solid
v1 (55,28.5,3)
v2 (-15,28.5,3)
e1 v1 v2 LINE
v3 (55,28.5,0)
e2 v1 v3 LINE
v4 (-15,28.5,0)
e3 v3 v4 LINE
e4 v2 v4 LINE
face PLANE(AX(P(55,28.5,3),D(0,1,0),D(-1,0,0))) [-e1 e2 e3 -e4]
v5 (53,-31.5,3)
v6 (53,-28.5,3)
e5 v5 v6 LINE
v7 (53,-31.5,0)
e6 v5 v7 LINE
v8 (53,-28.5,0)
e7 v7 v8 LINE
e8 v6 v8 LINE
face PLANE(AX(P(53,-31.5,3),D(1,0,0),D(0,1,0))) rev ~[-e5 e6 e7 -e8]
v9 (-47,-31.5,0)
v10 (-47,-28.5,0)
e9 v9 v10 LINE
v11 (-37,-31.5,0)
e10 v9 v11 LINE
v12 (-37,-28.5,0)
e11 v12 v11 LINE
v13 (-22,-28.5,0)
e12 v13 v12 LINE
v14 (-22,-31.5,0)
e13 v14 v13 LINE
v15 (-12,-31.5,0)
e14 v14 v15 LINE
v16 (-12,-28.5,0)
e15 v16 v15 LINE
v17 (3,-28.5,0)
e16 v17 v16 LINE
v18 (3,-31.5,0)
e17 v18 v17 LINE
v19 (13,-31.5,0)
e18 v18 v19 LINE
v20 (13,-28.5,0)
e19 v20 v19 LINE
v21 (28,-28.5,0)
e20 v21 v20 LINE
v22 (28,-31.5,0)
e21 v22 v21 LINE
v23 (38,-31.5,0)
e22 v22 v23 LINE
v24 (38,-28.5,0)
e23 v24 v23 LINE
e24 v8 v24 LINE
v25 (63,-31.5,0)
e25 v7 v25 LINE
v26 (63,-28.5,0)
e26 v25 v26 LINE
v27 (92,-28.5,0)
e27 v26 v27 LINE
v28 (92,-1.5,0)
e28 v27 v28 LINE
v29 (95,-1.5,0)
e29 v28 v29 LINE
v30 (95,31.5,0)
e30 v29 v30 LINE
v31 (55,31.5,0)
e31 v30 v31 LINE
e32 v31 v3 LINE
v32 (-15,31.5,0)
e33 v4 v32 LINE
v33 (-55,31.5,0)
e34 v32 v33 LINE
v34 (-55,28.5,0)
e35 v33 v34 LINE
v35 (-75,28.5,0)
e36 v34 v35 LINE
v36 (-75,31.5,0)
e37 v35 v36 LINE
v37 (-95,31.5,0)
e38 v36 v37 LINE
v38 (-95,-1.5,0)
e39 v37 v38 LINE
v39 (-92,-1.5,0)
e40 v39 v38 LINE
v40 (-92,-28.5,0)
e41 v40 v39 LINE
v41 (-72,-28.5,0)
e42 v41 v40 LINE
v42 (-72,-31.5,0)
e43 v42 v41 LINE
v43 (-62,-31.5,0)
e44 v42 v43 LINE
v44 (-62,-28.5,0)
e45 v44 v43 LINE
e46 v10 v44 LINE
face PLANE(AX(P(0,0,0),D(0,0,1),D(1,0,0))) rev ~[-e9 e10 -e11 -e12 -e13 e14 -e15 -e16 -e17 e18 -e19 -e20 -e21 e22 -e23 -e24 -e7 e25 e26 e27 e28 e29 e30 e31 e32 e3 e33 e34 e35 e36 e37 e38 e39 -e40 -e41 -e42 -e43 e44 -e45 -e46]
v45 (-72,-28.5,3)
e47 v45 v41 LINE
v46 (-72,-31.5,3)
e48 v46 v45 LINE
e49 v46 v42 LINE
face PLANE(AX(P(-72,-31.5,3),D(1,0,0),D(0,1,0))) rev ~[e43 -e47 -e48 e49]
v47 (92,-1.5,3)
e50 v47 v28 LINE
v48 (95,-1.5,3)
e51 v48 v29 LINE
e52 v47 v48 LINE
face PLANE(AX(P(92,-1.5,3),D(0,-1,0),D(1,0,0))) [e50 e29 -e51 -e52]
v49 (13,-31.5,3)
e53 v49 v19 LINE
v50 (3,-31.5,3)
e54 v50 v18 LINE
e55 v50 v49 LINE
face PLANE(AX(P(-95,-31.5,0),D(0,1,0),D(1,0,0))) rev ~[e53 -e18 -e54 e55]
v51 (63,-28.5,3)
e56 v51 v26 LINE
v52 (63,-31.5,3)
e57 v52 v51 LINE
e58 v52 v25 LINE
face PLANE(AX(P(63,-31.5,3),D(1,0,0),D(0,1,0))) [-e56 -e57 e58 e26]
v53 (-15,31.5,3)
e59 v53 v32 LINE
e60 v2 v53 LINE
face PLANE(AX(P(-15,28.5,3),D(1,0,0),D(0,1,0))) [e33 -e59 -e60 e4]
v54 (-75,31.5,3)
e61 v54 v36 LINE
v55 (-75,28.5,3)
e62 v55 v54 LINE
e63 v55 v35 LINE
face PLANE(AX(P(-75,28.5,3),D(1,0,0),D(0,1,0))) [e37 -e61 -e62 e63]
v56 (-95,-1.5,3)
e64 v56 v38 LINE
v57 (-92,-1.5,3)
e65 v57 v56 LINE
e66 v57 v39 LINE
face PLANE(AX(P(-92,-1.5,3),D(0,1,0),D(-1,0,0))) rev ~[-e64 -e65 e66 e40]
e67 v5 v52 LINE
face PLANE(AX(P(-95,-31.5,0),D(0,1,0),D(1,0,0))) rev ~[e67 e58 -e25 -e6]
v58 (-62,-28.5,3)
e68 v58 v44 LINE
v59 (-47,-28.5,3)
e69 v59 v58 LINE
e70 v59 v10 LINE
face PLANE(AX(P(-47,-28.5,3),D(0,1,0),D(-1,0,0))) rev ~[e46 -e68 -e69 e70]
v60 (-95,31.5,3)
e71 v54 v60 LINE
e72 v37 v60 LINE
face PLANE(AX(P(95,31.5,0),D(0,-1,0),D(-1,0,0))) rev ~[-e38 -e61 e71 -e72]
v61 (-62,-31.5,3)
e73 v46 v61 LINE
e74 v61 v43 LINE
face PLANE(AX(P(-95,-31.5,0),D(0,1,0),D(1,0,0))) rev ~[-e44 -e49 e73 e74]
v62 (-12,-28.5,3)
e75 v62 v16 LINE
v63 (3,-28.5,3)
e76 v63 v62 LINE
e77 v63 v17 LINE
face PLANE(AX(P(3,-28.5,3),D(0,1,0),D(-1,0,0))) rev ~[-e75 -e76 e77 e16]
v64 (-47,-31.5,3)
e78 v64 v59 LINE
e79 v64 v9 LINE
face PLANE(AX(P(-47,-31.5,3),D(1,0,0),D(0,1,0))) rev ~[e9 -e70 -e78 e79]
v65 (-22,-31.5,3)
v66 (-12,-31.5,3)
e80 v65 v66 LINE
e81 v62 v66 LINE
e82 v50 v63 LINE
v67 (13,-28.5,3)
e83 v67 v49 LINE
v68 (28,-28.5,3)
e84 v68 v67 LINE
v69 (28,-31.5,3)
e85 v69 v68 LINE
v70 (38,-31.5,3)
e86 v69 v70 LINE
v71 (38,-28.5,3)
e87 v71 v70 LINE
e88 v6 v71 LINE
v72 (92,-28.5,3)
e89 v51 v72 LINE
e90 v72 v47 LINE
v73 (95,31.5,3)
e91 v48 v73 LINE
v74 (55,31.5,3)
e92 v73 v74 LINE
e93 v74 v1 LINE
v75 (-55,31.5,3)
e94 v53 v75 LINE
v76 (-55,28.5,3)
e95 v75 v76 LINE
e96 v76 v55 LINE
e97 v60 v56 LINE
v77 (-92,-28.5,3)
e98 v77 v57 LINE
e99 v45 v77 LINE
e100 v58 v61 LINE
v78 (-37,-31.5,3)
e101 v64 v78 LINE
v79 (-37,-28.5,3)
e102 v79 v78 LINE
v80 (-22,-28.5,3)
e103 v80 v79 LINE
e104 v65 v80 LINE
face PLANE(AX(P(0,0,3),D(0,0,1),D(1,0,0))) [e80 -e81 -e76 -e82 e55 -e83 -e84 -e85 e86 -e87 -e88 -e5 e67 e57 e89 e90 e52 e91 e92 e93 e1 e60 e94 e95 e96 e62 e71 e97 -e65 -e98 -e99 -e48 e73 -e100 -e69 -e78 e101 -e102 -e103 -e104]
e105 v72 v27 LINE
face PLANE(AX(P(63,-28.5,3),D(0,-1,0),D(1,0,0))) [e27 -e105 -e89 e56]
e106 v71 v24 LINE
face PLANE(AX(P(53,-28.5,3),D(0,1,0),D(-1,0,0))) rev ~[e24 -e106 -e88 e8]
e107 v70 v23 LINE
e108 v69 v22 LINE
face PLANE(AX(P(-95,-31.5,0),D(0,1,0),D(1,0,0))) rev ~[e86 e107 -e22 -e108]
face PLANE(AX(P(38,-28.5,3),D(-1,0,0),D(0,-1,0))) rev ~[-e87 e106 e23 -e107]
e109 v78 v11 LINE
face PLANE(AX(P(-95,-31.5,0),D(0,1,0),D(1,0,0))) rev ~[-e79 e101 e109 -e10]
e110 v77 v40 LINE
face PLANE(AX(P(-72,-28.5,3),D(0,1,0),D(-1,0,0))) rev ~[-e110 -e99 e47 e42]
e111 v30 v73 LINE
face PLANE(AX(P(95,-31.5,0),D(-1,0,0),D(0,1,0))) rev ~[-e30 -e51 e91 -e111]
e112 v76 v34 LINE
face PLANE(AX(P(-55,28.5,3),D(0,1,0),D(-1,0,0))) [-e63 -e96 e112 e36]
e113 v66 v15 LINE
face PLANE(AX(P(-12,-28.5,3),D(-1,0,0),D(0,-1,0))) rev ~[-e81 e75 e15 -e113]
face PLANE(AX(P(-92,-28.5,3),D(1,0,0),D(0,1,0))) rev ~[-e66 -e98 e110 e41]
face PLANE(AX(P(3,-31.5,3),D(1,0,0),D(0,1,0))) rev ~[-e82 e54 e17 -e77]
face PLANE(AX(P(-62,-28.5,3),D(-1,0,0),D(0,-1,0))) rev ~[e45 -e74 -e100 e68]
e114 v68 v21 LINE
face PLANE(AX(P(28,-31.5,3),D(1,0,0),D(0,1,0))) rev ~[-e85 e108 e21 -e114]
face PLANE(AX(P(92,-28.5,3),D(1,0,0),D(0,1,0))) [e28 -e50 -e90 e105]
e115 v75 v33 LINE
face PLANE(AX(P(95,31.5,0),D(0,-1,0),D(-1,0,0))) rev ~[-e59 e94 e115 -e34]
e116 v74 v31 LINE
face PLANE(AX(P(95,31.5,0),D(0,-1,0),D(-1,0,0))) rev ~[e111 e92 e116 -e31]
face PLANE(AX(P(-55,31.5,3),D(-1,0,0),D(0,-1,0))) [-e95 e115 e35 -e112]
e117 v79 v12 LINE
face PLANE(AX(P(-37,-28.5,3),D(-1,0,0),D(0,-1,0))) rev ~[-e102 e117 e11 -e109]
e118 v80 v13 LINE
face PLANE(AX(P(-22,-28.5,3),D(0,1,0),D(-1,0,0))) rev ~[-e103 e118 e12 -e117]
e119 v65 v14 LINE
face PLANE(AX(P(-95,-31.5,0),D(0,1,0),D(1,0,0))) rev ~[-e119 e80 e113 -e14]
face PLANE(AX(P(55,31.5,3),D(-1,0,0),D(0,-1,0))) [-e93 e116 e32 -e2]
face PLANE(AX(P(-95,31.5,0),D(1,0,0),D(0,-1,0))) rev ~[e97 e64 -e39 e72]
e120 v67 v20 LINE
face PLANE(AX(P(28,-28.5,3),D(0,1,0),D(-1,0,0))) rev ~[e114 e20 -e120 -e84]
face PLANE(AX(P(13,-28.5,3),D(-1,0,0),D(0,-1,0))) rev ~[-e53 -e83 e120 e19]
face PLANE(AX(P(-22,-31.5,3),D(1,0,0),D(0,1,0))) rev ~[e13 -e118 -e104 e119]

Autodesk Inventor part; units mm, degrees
ref_plane "YZ Plane" through (0, 0, 0) normal (1, 0, 0) x (0, 1, 0)
ref_plane "XZ Plane" through (0, 0, 0) normal (0, 1, 0) x (-1, 0, 0)
ref_plane "XY Plane" through (0, 0, 0) normal (0, 0, 1) x (1, 0, 0)
sketch "Sketch1" plane through (0, 0, 0) normal (0, 0, 1) x (1, 0, 0)
  line L0 (-95, -31.5) -> (95, -31.5)
  line L1 (95, -31.5) -> (95, 31.5)
  line L2 (95, 31.5) -> (-95, 31.5)
  line L3 (-95, 31.5) -> (-95, -31.5)
  line L4 (-95, -31.5) -> (95, 31.5) construction
  line L5 (95, -31.5) -> (-95, 31.5) construction
  point P0 (0, 0)
  dimension "d0" = 190
  dimension "d1" = 63
extrude "Extrusion1" add sketch "Sketch1" along normal blind 3
sketch "Sketch2" plane through (0, 0, 3) normal (0, 0, 1) x (1, 0, 0)
  line L0 (-95, 31.5) -> (-95, -31.5) projected
  line L1 (-95, -31.5) -> (-92, -31.5)
  line L2 (-92, -31.5) -> (-92, -1.5)
  line L3 (-92, -1.5) -> (-95, -1.5)
  line L4 (-95, -1.5) -> (-95, -31.5)
  line L5 (-92, -31.5) -> (-72, -31.5)
  line L6 (-72, -31.5) -> (-72, -28.5)
  line L7 (-72, -28.5) -> (-92, -28.5)
  line L8 (-92, -28.5) -> (-92, -31.5)
  line L9 (-95, -31.5) -> (95, -31.5) projected
  line L10 (-62, -31.5) -> (-47, -31.5)
  line L11 (-47, -31.5) -> (-47, -28.5)
  line L12 (-47, -28.5) -> (-62, -28.5)
  line L13 (-62, -28.5) -> (-62, -31.5)
  line L14 (-37, -31.5) -> (-22, -31.5)
  line L15 (-22, -31.5) -> (-22, -28.5)
  line L16 (-22, -28.5) -> (-37, -28.5)
  line L17 (-37, -28.5) -> (-37, -31.5)
  line L18 (-12, -31.5) -> (3, -31.5)
  line L19 (3, -31.5) -> (3, -28.5)
  line L20 (3, -28.5) -> (-12, -28.5)
  line L21 (-12, -28.5) -> (-12, -31.5)
  line L22 (13, -31.5) -> (28, -31.5)
  line L23 (28, -31.5) -> (28, -28.5)
  line L24 (28, -28.5) -> (13, -28.5)
  line L25 (13, -28.5) -> (13, -31.5)
  line L26 (38, -31.5) -> (53, -31.5)
  line L27 (53, -31.5) -> (53, -28.5)
  line L28 (53, -28.5) -> (38, -28.5)
  line L29 (38, -28.5) -> (38, -31.5)
  line L30 (95, -31.5) -> (92, -31.5)
  line L31 (92, -31.5) -> (92, -1.5)
  line L32 (92, -1.5) -> (95, -1.5)
  line L33 (95, -1.5) -> (95, -31.5)
  line L34 (92, -31.5) -> (63, -31.5)
  line L35 (63, -31.5) -> (63, -28.5)
  line L36 (63, -28.5) -> (92, -28.5)
  line L37 (92, -28.5) -> (92, -31.5)
  point P0 (0, 0)
  dimension "d4" = 3
  dimension "d5" = 30
  dimension "d7" = 20
  dimension "d8" = 3
  dimension "d9" = 15
  dimension "d10" = 15
  dimension "d11" = 15
  dimension "d12" = 15
  dimension "d13" = 15
  dimension "d14" = 10
  dimension "d15" = 10
  dimension "d16" = 10
  dimension "d17" = 10
  dimension "d18" = 10
  dimension "d20" = 3
  dimension "d21" = 30
  dimension "d22" = 10
extrude "Extrusion2" cut sketch "Sketch2" against normal through all
sketch "Sketch3" plane through (0, 0, 3) normal (0, 0, 1) x (1, 0, 0)
  line L0 (95, 31.5) -> (-95, 31.5) projected
  line L1 (-15, 31.5) -> (55, 31.5)
  line L2 (55, 31.5) -> (55, 28.5)
  line L3 (55, 28.5) -> (-15, 28.5)
  line L4 (-15, 28.5) -> (-15, 31.5)
  line L5 (95, -1.5) -> (95, 31.5) projected
  line L6 (-75, 31.5) -> (-55, 31.5)
  line L7 (-55, 31.5) -> (-55, 28.5)
  line L8 (-55, 28.5) -> (-75, 28.5)
  line L9 (-75, 28.5) -> (-75, 31.5)
  line L10 (-95, 31.5) -> (-95, -1.5) projected
  point P0 (0, 0)
  dimension "d25" = 3
  dimension "d26" = 40
  dimension "d27" = 70
  dimension "d28" = 20
  dimension "d29" = 20
extrude "Extrusion3" cut sketch "Sketch3" against normal through all
equation "\"d10\" = d9"
equation "\"d11\" = d10"
equation "\"d12\" = d11"
equation "\"d13\" = d12"
equation "\"d15\" = d14"
equation "\"d16\" = d15"
equation "\"d17\" = d16"
equation "\"d18\" = d16"
equation "\"d22\" = d14"
properties part number "back"
